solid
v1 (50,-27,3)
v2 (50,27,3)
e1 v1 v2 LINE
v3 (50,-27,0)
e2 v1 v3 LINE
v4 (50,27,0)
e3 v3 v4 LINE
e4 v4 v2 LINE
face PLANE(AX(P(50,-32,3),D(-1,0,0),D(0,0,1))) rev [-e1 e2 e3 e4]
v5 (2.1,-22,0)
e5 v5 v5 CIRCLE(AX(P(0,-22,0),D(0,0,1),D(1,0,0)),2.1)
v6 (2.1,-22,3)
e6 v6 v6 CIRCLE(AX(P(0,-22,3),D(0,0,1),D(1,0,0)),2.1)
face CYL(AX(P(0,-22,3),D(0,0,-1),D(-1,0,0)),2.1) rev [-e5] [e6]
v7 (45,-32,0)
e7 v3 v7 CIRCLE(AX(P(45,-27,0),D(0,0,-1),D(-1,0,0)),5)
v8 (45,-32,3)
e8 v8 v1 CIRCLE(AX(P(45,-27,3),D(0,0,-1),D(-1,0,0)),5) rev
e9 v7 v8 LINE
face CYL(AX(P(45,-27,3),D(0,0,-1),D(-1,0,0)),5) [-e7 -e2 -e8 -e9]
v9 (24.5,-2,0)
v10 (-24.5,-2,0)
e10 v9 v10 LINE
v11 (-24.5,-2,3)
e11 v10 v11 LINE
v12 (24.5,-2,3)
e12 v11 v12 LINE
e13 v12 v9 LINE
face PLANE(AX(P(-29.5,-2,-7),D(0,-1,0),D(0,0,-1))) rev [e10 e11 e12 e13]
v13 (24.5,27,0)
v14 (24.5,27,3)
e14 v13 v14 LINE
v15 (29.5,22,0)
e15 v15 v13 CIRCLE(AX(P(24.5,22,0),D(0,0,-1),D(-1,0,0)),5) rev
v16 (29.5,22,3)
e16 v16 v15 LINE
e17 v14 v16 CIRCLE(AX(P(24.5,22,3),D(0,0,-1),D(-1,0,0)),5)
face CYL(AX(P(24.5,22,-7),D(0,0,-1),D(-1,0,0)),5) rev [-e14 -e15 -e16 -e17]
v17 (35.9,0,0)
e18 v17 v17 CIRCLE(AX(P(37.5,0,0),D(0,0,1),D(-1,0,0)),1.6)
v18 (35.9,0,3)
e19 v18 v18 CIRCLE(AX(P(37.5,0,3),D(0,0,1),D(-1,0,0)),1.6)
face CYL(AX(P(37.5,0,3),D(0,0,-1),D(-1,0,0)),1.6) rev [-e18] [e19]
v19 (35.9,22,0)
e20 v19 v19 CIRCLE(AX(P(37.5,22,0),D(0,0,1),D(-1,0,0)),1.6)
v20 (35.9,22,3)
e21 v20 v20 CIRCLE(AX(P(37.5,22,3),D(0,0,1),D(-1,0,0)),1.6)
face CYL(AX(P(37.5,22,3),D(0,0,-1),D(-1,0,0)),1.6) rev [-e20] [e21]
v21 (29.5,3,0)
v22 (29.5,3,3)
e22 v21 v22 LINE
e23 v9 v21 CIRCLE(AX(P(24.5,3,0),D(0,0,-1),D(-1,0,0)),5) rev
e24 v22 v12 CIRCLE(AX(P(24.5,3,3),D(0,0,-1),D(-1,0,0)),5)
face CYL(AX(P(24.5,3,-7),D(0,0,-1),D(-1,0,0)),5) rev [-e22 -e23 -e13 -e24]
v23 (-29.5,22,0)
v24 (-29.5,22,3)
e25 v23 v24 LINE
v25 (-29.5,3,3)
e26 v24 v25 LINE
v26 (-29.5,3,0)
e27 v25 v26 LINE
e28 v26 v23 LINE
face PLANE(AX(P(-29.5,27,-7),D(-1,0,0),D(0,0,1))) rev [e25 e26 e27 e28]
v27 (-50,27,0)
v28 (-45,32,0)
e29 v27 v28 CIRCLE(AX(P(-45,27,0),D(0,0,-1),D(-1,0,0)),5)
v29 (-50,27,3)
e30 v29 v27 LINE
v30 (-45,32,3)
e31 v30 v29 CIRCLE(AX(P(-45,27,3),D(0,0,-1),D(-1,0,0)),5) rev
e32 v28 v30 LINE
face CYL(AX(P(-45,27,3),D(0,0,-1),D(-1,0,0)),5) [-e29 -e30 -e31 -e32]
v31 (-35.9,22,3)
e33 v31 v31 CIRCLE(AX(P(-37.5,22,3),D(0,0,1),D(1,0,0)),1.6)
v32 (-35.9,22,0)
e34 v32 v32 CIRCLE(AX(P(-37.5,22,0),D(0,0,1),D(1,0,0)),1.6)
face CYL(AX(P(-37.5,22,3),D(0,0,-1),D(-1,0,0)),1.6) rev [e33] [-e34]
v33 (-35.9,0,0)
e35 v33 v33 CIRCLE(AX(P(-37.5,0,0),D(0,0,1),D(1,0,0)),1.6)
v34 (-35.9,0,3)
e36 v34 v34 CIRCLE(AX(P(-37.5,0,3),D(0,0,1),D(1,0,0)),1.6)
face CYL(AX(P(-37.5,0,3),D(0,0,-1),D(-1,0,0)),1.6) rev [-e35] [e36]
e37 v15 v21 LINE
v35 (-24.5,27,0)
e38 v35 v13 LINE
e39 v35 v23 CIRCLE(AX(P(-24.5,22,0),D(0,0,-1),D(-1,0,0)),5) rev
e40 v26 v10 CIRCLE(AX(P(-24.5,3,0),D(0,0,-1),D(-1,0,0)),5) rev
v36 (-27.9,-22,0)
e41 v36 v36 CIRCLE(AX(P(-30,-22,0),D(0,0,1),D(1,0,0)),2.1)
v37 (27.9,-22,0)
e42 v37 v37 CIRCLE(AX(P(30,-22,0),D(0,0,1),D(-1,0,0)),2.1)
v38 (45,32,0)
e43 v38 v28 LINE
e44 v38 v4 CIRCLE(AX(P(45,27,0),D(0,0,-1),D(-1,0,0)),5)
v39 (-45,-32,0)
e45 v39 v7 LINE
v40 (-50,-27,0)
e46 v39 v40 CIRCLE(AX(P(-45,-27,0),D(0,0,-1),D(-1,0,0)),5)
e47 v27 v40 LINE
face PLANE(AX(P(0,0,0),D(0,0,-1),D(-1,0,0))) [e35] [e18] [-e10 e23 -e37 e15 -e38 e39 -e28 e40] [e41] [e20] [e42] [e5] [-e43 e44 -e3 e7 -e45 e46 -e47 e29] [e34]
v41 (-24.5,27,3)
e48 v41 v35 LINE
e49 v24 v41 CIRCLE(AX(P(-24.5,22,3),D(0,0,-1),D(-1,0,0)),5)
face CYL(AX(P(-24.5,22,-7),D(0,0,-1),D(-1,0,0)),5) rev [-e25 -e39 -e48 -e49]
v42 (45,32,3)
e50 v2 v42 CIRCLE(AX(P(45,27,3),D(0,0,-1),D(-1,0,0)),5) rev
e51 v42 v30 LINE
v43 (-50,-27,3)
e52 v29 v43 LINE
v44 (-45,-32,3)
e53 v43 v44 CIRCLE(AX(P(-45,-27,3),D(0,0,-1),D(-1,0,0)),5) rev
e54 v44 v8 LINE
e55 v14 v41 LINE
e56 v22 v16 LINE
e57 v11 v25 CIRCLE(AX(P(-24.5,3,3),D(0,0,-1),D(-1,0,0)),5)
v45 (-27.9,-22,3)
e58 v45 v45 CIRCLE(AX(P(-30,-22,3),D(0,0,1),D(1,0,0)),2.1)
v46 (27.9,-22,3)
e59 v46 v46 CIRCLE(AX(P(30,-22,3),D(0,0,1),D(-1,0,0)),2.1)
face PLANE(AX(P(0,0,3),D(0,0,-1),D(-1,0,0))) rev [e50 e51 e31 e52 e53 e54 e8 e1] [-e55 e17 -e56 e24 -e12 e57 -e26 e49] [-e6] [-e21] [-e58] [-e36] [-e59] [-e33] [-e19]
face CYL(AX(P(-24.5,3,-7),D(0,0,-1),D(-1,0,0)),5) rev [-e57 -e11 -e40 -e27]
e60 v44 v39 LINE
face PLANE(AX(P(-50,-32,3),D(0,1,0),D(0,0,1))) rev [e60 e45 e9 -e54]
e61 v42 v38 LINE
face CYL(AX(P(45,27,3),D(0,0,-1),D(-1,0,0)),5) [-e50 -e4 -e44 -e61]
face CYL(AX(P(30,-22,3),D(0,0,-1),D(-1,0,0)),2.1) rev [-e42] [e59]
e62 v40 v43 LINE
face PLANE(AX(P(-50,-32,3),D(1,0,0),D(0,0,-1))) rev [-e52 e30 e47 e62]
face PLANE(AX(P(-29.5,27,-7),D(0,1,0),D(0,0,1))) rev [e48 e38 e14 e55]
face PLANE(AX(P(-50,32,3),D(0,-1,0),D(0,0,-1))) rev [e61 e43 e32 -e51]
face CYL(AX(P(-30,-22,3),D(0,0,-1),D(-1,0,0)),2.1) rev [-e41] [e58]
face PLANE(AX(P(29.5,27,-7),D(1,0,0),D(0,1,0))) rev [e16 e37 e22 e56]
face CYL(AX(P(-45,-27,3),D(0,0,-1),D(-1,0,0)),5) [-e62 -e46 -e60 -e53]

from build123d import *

# Parameters (mm, degrees)
SKETCH_1_W          = 100
SKETCH_1_H          = 64
SKETCH_1_R          = 1.6
SKETCH_1_R_2        = 2.1
EXTRUDE_1_DEPTH     = 3
SKETCH_2_W          = 59
SKETCH_2_H          = 29
CUT_EXTRUDE_1_DEPTH = 10
FILLET_1_R          = 5
FILLET_2_R          = 5


with BuildPart() as part:
    # 草图1 → 凸台-拉伸1 (new body)
    with BuildSketch(Plane.XY):
        Rectangle(SKETCH_1_W, SKETCH_1_H)
        with Locations((-37.5, 0)):
            Circle(SKETCH_1_R, mode=Mode.SUBTRACT)
        with Locations((-37.5, 22)):
            Circle(SKETCH_1_R, mode=Mode.SUBTRACT)
        with Locations((37.5, 0)):
            Circle(SKETCH_1_R, mode=Mode.SUBTRACT)
        with Locations((37.5, 22)):
            Circle(SKETCH_1_R, mode=Mode.SUBTRACT)
        with Locations((-30, -22)):
            Circle(SKETCH_1_R_2, mode=Mode.SUBTRACT)
        with Locations((30, -22)):
            Circle(SKETCH_1_R_2, mode=Mode.SUBTRACT)
        with Locations((0, -22)):
            Circle(SKETCH_1_R_2, mode=Mode.SUBTRACT)
    extrude(amount=EXTRUDE_1_DEPTH)

    # 草图2 → 切除-拉伸1 (cut)
    with BuildSketch(Plane.XY.offset(3)):
        with Locations((0, 12.5)):
            Rectangle(SKETCH_2_W, SKETCH_2_H)
    extrude(amount=-CUT_EXTRUDE_1_DEPTH, mode=Mode.SUBTRACT)

    # 圆角1
    fillet_1_edges = [part.edges().sort_by_distance(p)[0] for p in [
        (29.5, 27, 1.5),
        (29.5, -2, 1.5),
        (-29.5, -2, 1.5),
        (-29.5, 27, 1.5),
    ]]
    fillet(fillet_1_edges, radius=FILLET_1_R)

    # 圆角2
    fillet_2_edges = [part.edges().sort_by_distance(p)[0] for p in [
        (50, -32, 1.5),
        (-50, -32, 1.5),
        (-50, 32, 1.5),
        (50, 32, 1.5),
    ]]
    fillet(fillet_2_edges, radius=FILLET_2_R)


solid = part.part
